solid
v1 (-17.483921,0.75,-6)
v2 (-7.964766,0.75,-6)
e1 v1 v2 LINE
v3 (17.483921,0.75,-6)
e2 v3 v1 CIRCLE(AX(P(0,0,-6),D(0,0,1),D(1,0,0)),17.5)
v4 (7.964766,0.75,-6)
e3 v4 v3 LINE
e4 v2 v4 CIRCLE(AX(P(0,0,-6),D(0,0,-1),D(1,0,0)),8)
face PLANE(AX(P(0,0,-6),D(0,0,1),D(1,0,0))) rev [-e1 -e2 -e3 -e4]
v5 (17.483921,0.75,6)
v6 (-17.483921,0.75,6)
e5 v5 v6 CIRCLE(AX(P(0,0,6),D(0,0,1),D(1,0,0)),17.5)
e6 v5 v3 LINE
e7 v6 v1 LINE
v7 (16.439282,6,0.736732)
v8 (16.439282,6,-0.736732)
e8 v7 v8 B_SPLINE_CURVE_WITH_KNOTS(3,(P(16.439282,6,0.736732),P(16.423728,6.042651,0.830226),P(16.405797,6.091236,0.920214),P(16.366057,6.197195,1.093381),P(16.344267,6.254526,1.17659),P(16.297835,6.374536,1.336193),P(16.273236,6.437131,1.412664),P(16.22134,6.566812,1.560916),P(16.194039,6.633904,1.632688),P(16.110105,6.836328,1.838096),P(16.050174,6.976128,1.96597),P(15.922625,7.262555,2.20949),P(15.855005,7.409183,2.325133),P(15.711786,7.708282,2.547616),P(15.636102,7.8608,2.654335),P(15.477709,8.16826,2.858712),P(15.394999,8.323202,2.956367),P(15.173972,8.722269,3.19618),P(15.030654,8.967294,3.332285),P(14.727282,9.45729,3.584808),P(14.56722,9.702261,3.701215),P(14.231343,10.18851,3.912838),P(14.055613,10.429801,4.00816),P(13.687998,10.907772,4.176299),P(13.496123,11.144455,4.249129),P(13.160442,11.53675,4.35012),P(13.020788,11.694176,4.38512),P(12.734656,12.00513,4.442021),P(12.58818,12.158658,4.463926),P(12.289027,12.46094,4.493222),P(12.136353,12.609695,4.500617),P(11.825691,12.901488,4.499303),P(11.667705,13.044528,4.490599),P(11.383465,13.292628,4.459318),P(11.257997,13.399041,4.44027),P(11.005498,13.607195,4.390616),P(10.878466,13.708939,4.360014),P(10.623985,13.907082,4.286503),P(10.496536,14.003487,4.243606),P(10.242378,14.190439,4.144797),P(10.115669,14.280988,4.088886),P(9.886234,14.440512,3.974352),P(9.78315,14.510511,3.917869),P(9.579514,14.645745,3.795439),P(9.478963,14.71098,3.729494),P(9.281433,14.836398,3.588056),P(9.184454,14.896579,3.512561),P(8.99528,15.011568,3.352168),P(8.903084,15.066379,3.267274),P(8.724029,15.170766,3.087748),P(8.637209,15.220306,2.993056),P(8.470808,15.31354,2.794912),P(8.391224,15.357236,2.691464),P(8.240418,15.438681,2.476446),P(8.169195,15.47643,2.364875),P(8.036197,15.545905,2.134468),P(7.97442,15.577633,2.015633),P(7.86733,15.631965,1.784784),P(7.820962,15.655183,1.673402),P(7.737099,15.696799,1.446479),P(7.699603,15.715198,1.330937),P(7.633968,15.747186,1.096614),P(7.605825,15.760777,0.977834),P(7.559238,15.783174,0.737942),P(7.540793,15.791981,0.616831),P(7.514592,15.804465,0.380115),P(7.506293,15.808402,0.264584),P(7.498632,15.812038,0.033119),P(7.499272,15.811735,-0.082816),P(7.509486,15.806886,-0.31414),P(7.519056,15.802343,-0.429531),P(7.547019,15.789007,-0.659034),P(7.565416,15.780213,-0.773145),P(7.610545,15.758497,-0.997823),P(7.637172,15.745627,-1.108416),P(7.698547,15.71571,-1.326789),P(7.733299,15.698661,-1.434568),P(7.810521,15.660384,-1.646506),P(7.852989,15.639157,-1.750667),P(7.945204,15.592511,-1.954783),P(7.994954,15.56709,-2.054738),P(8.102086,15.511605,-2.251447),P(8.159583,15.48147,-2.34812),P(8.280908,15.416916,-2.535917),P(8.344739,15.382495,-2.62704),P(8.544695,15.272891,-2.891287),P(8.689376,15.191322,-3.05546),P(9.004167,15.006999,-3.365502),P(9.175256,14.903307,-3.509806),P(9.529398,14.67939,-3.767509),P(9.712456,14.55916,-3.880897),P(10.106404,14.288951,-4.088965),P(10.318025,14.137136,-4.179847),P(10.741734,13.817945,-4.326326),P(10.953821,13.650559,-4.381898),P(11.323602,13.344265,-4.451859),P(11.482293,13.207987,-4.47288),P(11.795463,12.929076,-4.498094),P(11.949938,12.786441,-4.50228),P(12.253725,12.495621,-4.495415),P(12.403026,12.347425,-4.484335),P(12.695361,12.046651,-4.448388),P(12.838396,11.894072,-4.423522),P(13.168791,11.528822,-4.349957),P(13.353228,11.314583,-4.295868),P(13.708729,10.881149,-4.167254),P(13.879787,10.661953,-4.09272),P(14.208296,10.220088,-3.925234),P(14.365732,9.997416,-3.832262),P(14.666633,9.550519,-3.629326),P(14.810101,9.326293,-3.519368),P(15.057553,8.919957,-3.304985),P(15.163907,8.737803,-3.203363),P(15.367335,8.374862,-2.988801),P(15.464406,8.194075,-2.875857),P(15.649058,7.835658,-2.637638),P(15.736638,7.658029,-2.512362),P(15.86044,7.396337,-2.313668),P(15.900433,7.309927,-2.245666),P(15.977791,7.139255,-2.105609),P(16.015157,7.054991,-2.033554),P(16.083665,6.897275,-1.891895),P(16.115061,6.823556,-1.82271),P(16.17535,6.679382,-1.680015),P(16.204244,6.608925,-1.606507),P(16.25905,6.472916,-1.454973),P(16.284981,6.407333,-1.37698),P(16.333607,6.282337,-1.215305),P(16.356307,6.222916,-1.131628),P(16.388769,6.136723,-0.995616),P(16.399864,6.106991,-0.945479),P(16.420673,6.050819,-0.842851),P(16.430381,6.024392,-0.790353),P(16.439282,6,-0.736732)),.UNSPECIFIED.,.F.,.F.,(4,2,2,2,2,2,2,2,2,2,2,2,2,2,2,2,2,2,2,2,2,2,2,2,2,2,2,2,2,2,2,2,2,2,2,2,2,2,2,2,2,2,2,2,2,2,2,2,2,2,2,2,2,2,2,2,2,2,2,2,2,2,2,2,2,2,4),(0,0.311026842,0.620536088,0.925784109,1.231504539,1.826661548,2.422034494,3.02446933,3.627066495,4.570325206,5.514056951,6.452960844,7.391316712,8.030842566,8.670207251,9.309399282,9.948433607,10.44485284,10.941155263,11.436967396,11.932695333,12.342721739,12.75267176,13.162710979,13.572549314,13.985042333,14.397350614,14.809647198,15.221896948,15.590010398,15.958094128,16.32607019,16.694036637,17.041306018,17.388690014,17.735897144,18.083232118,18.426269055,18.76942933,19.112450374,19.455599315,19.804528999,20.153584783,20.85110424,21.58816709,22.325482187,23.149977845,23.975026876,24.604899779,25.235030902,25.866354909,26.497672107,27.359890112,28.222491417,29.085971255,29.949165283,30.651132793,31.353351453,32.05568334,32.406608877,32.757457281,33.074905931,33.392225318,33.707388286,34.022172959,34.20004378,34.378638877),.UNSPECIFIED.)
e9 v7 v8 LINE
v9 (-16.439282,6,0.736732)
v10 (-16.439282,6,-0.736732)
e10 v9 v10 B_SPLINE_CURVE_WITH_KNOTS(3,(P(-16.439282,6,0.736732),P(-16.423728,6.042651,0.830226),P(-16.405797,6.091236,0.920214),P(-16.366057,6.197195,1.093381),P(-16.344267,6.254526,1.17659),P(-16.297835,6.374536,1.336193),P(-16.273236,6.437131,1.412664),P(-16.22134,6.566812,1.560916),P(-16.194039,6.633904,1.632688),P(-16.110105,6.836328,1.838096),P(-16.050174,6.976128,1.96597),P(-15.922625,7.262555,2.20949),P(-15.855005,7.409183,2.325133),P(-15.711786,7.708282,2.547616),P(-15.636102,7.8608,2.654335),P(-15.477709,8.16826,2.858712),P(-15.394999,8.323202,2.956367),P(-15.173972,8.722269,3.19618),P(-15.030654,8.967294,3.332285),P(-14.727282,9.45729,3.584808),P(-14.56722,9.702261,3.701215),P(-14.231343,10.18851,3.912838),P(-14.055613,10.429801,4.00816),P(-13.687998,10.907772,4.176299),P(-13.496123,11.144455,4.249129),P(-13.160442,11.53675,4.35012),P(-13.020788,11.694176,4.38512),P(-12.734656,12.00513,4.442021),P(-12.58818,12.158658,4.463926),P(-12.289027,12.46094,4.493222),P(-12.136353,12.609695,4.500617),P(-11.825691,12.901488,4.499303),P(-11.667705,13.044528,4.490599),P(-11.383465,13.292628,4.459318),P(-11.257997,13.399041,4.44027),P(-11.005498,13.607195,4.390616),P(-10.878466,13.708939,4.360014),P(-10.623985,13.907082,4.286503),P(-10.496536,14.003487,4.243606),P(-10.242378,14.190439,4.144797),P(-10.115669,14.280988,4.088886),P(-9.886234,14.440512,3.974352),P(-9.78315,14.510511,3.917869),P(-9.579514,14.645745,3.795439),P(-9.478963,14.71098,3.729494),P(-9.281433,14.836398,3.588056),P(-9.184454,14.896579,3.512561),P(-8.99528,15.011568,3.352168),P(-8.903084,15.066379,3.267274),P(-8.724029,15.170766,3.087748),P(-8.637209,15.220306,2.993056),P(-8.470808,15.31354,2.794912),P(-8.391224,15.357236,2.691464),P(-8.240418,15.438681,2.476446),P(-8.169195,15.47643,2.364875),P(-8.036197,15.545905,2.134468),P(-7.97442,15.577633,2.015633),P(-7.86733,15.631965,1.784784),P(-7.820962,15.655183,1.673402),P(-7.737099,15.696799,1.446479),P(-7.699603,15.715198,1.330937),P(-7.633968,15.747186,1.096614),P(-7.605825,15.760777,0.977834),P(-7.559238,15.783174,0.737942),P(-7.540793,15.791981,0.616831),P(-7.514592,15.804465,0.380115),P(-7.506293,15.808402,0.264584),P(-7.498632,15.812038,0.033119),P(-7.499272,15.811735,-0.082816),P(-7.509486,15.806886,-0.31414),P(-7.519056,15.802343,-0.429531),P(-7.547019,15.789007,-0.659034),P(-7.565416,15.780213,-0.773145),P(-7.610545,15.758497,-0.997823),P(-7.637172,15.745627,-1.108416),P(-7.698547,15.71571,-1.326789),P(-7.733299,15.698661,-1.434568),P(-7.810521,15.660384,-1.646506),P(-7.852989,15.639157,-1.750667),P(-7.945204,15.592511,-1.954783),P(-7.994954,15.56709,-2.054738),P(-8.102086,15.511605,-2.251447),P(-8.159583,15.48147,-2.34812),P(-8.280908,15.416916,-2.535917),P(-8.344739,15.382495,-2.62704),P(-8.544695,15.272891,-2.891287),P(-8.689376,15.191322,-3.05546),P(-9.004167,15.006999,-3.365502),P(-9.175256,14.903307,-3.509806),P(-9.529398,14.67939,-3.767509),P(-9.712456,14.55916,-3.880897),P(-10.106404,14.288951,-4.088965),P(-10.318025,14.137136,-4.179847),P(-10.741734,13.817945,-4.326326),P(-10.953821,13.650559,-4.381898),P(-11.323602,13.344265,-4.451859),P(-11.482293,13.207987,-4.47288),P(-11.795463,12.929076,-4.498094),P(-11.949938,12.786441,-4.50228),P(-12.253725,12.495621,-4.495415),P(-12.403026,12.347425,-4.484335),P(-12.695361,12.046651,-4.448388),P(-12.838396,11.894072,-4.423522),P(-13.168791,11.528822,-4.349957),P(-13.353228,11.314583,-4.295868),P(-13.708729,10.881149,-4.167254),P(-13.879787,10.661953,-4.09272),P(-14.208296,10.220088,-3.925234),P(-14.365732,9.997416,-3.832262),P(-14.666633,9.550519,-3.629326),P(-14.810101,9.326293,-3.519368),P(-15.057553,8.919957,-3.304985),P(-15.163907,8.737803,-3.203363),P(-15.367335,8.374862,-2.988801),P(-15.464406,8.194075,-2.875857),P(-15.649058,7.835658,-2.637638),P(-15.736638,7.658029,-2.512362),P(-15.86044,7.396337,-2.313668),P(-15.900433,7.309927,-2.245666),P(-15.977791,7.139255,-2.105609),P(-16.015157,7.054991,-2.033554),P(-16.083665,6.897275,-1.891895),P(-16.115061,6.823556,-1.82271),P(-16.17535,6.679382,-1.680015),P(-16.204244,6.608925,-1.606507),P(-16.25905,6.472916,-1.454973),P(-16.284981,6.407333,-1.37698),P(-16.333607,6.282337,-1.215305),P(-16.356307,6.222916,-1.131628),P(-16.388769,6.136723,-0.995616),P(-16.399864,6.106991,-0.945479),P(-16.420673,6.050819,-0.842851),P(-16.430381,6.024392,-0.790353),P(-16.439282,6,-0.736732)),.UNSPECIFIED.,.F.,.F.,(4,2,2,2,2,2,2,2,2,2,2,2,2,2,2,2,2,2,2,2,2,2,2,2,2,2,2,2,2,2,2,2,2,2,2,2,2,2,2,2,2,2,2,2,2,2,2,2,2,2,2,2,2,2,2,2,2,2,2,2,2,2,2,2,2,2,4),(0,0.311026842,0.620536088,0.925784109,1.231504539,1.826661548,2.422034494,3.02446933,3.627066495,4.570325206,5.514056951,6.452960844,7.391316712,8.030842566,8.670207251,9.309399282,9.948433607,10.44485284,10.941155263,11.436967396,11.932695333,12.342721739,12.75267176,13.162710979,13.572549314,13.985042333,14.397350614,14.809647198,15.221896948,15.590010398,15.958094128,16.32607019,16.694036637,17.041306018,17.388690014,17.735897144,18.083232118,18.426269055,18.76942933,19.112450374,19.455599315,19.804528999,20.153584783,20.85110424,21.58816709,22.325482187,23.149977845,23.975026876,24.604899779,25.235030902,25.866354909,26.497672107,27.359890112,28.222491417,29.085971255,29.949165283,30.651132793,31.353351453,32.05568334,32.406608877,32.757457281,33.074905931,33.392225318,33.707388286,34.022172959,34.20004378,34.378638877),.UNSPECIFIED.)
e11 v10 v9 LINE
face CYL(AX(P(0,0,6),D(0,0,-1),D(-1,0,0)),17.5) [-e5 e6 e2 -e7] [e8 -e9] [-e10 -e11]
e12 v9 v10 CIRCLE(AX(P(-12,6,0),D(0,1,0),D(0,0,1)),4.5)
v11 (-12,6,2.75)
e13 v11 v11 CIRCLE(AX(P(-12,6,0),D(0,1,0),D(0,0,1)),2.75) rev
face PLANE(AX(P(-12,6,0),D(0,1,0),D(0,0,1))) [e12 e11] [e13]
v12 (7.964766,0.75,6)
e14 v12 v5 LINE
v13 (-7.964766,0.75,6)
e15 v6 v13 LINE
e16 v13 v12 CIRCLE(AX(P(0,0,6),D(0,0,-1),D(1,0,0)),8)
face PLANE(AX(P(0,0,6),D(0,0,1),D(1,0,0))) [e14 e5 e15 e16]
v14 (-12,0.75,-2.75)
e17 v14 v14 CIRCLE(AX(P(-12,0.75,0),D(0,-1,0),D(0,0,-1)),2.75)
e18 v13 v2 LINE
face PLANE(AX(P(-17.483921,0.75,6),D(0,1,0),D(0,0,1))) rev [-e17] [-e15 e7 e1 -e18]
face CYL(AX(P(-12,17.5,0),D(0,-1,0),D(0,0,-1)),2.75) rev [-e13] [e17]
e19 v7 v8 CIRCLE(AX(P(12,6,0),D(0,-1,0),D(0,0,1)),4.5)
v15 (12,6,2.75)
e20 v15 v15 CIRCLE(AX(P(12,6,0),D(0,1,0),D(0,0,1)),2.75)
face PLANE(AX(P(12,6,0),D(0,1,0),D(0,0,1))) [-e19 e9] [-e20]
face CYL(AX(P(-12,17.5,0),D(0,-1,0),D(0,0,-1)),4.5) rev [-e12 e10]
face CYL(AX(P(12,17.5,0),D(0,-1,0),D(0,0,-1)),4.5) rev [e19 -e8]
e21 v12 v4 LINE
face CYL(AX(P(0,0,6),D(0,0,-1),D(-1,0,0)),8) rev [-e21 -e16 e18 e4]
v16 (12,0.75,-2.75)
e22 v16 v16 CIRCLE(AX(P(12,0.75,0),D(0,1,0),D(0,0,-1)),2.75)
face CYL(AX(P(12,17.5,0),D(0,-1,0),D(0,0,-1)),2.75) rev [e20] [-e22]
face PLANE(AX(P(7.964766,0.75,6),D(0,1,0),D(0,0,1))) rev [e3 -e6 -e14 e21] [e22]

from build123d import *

# Parameters (mm, degrees)
EXTRUDE_1_DEPTH     = 6
SKETCH_2_R          = 2.75
CUT_EXTRUDE_1_DEPTH = 25.944939367
CUT_EXTRUDE_START   = 6
SKETCH_3_R          = 4.5
CUT_EXTRUDE_2_DEPTH = 20.454616638


with BuildPart() as part:
    # 草图1 → 凸台-拉伸1 (new, symmetric)
    with BuildSketch(Plane.XY):
        with BuildLine():
            Line((-17.483921185, 0.75), (-7.964766161, 0.75))
            ThreePointArc((-7.964766161, 0.75), (0, 8), (7.964766161, 0.75))
            Line((7.964766161, 0.75), (17.483921185, 0.75))
            ThreePointArc((17.483921185, 0.75), (0, 17.5), (-17.483921185, 0.75))
        make_face()
    extrude(amount=EXTRUDE_1_DEPTH, both=True)

    # 草图2 → 切除-拉伸1 (cut, through all)
    with BuildSketch(Plane.XZ.offset(-0.75)):
        with Locations(Location((-12, 0, 0), (0, 0, 270))):
            Circle(SKETCH_2_R)
    cut_extrude_1 = extrude(amount=-CUT_EXTRUDE_1_DEPTH, mode=Mode.SUBTRACT)

    # 草图3 → 切除-拉伸2 (cut, through all)
    with BuildSketch(Plane(origin=(0, 0, 0), x_dir=(1, 0, 0), z_dir=(0, 1, 0)).offset(CUT_EXTRUDE_START)):
        with Locations((-12, 0)):
            Circle(SKETCH_3_R)
    cut_extrude_2 = extrude(amount=CUT_EXTRUDE_2_DEPTH, mode=Mode.SUBTRACT)

    # 镜向1: 切除-拉伸1, 切除-拉伸2 across plane
    add(cut_extrude_1.mirror(Plane(origin=(0, 0, 0), x_dir=(0, 0, 1), z_dir=(1, 0, 0))), mode=Mode.SUBTRACT)
    add(cut_extrude_2.mirror(Plane(origin=(0, 0, 0), x_dir=(0, 0, 1), z_dir=(1, 0, 0))), mode=Mode.SUBTRACT)


solid = part.part
